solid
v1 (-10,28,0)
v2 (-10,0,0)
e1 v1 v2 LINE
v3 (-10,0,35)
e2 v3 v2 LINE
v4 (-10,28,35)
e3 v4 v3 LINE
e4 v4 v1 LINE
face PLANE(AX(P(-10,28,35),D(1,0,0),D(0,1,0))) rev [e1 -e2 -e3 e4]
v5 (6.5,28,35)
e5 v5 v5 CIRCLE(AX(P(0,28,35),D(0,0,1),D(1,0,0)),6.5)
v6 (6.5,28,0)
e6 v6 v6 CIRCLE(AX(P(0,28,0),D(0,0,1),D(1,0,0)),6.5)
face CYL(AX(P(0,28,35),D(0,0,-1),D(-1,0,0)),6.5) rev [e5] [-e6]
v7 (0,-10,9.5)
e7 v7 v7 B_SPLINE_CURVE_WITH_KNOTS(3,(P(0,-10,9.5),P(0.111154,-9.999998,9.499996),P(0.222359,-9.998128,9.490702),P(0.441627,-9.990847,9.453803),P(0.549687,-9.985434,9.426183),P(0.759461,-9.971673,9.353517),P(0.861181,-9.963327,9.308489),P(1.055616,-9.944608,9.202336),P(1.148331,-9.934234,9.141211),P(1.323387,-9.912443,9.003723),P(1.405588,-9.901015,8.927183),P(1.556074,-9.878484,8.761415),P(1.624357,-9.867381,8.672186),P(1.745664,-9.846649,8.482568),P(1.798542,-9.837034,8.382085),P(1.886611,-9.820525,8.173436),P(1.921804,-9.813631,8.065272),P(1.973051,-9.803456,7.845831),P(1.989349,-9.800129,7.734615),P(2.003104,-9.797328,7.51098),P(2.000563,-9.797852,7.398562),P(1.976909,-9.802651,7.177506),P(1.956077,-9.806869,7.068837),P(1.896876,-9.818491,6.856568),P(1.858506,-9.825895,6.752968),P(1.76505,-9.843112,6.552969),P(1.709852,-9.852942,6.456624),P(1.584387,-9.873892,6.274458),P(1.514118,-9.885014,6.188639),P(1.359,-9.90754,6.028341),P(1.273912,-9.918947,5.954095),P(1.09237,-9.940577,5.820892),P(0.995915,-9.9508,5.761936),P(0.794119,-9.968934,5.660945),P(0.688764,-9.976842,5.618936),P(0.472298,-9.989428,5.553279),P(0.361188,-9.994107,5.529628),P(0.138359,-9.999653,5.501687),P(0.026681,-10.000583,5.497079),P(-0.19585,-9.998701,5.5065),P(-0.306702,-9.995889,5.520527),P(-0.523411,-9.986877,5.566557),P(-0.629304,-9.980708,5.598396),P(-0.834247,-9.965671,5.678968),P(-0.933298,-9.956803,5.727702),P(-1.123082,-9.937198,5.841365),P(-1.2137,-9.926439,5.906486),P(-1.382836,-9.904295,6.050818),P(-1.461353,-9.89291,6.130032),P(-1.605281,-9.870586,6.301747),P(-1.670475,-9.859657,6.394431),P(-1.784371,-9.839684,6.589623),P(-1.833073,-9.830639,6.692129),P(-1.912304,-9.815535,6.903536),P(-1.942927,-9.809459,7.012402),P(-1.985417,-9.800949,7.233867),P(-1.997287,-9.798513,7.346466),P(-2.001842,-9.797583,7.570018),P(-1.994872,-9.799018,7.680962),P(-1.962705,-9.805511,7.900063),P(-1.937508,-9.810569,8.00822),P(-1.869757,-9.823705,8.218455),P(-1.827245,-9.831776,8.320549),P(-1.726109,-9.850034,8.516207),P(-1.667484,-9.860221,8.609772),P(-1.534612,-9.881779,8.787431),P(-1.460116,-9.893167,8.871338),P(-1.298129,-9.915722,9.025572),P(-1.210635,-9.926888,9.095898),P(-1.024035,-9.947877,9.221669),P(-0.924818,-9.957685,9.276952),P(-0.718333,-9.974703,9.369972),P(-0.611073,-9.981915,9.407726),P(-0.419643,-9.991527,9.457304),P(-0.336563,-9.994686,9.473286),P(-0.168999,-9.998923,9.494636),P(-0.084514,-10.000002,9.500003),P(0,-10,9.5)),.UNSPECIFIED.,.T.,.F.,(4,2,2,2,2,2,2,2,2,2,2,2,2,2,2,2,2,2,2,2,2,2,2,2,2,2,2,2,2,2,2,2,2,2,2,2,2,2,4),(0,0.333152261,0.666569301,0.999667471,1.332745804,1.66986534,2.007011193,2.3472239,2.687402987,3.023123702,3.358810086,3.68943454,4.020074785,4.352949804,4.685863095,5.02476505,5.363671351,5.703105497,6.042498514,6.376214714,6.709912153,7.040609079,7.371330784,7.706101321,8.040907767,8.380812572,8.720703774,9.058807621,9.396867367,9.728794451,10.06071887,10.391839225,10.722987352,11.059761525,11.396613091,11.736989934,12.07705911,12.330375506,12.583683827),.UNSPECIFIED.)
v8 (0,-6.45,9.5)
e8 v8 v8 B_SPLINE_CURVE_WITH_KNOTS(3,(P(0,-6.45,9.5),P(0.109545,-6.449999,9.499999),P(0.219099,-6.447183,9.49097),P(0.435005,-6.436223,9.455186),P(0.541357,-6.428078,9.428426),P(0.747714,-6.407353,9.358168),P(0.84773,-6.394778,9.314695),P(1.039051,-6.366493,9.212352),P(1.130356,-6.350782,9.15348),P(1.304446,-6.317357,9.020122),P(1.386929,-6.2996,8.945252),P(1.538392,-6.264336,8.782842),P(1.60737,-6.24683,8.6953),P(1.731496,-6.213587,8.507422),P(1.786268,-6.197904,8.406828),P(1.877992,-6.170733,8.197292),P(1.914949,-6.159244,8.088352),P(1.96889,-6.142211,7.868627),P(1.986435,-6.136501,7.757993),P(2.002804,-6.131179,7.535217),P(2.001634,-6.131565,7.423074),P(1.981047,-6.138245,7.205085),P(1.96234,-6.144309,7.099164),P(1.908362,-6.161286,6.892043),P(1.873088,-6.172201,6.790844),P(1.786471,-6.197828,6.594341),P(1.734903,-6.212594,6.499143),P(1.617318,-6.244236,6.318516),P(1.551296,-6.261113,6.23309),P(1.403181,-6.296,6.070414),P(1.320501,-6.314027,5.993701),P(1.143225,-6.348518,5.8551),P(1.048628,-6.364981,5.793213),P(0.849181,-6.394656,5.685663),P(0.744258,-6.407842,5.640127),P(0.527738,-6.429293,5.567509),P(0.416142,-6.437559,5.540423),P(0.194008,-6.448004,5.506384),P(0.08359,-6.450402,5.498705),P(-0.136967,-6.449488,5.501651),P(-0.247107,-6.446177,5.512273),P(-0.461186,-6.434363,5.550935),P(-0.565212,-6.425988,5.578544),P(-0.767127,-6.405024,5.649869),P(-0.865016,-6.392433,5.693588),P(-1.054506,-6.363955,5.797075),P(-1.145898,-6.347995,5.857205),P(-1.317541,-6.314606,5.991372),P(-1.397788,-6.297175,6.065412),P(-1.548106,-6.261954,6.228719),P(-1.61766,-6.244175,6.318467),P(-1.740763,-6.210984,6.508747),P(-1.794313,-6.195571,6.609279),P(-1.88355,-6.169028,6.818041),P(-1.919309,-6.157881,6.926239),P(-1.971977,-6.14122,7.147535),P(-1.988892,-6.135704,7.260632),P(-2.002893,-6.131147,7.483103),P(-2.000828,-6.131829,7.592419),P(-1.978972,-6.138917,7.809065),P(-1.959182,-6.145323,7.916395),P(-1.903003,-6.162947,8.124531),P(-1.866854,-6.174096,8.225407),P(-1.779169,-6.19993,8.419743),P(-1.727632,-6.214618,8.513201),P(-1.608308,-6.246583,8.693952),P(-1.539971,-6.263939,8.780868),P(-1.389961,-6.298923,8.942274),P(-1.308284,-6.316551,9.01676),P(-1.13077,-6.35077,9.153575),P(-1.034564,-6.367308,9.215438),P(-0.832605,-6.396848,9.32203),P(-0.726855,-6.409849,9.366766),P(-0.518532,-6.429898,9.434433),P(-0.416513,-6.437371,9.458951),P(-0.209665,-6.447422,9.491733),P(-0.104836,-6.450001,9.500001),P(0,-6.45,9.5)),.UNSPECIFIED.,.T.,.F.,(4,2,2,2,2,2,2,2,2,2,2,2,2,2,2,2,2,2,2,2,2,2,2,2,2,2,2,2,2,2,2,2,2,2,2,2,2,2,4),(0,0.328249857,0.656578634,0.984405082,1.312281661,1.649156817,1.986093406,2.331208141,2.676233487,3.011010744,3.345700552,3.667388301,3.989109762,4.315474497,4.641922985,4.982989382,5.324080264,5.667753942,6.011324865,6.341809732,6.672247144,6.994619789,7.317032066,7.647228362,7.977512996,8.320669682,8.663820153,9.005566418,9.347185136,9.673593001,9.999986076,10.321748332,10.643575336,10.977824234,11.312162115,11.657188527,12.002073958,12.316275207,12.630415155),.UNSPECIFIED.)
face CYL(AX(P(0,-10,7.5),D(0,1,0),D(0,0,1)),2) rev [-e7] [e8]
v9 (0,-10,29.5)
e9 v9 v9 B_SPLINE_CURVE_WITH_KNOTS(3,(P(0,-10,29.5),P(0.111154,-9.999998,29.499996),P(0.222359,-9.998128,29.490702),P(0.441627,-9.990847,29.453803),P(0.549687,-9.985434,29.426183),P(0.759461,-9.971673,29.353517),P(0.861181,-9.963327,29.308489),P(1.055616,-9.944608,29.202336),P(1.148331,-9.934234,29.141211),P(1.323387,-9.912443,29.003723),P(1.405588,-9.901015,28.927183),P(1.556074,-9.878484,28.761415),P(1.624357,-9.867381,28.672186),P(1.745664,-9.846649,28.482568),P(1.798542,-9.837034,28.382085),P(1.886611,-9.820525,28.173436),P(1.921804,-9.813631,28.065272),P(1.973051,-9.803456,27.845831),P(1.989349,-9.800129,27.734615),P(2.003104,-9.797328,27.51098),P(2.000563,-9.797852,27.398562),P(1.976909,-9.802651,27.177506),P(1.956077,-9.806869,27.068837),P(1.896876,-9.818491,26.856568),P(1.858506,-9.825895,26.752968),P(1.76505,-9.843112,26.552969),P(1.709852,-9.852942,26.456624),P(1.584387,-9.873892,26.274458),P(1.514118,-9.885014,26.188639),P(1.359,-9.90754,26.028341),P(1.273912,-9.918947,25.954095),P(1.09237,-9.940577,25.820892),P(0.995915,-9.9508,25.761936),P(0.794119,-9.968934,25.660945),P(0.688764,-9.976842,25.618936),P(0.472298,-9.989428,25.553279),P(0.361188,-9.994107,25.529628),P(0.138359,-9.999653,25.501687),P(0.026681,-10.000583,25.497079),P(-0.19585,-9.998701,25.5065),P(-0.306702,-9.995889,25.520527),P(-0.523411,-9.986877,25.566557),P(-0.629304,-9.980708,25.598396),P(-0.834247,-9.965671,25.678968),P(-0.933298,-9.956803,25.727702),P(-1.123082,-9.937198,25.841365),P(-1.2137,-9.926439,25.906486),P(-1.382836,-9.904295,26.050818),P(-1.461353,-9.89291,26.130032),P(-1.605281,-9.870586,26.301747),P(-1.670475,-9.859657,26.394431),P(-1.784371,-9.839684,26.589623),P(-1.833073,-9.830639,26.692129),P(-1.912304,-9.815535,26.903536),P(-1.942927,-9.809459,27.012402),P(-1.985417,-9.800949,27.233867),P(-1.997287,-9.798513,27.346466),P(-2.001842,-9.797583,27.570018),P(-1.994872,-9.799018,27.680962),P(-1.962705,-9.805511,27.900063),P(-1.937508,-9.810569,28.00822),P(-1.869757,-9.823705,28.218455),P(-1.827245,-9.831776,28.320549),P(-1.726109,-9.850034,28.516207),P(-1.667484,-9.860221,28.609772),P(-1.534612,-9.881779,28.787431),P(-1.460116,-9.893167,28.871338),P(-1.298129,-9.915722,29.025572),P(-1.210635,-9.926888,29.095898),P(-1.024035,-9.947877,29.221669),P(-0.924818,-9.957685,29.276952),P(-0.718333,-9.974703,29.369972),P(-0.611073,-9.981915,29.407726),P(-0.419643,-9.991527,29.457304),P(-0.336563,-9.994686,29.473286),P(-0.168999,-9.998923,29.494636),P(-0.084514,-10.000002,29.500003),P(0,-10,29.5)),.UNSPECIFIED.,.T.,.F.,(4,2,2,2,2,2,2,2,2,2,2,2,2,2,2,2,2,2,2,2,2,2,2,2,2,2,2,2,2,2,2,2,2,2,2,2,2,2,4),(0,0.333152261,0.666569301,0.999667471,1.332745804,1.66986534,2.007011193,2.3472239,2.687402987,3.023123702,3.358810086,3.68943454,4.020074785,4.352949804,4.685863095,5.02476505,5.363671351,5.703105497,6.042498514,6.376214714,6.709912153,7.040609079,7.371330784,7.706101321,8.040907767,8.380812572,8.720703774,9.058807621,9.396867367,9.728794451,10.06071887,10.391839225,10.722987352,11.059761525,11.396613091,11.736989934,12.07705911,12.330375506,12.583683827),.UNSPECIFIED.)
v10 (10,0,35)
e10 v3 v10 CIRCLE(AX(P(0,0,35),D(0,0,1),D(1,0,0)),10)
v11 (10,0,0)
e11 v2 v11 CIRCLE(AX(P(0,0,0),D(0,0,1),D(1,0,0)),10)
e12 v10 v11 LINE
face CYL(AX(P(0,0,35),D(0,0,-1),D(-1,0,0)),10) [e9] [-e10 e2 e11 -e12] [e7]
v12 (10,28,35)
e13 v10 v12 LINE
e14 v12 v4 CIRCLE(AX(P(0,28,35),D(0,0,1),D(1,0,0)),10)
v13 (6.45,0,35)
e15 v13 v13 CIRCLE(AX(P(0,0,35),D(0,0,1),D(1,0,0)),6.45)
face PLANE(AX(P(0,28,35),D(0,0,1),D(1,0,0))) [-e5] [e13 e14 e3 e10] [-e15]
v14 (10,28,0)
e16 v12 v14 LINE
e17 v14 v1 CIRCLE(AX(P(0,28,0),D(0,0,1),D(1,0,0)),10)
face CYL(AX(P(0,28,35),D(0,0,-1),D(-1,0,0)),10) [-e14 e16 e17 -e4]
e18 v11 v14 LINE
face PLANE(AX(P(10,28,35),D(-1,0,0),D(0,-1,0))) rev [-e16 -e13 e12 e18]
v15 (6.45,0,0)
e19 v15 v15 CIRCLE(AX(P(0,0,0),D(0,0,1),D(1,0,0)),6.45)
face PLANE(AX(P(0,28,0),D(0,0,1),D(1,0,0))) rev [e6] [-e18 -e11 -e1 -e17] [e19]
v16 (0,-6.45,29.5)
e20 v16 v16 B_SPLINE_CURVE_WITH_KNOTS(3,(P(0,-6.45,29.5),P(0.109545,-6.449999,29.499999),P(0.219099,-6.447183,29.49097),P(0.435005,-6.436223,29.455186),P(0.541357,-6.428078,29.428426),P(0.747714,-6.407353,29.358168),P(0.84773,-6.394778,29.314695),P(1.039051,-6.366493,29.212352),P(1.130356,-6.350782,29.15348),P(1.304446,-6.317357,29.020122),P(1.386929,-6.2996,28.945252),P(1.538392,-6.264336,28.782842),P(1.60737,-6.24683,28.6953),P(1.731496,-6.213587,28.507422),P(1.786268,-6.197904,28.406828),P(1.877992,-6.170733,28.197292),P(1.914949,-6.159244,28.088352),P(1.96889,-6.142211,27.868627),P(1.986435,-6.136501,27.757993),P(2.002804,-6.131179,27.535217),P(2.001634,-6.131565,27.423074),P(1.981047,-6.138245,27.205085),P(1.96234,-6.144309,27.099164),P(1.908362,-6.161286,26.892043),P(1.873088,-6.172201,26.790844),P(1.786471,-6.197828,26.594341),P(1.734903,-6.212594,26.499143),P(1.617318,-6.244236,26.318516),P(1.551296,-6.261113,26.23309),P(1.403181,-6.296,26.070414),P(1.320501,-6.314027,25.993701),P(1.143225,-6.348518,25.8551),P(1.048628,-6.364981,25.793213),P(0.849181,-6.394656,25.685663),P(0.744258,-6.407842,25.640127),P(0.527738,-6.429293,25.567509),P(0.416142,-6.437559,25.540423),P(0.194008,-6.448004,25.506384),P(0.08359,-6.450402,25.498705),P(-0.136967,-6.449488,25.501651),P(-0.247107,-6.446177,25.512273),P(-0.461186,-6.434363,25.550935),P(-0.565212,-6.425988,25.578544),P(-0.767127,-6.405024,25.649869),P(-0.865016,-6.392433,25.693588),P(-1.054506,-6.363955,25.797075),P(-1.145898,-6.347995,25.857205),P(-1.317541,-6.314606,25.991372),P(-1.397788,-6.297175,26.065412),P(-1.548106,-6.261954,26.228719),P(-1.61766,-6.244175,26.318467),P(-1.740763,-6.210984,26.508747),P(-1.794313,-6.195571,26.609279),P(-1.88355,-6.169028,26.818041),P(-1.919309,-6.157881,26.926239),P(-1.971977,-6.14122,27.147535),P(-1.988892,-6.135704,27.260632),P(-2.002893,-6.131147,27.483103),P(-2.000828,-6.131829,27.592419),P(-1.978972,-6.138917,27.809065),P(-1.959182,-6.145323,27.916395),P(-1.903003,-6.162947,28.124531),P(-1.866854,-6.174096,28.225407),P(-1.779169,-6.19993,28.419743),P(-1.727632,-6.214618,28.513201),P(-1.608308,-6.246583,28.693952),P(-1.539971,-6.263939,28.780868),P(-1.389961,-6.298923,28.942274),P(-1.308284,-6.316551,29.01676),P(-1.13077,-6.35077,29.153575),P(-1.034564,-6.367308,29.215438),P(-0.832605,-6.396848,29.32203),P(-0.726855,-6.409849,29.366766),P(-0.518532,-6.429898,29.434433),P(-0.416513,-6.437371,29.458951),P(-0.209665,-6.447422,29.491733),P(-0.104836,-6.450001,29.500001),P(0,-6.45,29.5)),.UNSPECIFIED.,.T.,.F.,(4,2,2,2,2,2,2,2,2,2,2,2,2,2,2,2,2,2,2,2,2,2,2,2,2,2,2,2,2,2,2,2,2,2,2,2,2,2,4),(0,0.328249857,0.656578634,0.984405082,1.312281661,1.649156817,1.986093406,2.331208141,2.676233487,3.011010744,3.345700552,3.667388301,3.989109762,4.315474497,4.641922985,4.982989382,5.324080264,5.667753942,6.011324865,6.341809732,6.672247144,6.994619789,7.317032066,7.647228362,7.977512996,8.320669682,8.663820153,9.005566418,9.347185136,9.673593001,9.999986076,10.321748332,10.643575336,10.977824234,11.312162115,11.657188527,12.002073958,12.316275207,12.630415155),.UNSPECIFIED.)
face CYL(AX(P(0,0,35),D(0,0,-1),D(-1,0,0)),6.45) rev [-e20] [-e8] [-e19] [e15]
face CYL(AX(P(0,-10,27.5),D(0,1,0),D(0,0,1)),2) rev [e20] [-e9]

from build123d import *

# Parameters (mm, degrees)
CROQUIS1_R              = 6.45
CROQUIS1_R_2            = 6.5
SALIENTE_EXTRUIR1_DEPTH = 35
CROQUIS2_R              = 2
CORTAR_EXTRUIR1_DEPTH   = 10


with BuildPart() as part:
    # Croquis1 → Saliente-Extruir1 (new body)
    with BuildSketch(Plane.XY):
        with BuildLine():
            Line((10, 28), (10, 0))
            ThreePointArc((10, 0), (0, -10), (-10, 0))
            Line((-10, 0), (-10, 28))
            ThreePointArc((-10, 28), (0, 38), (10, 28))
        make_face()
        Circle(CROQUIS1_R, mode=Mode.SUBTRACT)
        with Locations((0, 28)):
            Circle(CROQUIS1_R_2, mode=Mode.SUBTRACT)
    extrude(amount=SALIENTE_EXTRUIR1_DEPTH)

    # Croquis2 → Cortar-Extruir1 (cut)
    with BuildSketch(Plane(origin=(0, 0, 0), x_dir=(1, 0, 0), z_dir=(0, 1, 0))):
        with Locations(Location((0, -7.5, 0), (0, 0, 270))):
            Circle(CROQUIS2_R)
        with Locations(Location((0, -27.5, 0), (0, 0, 270))):
            Circle(CROQUIS2_R)
    extrude(amount=-CORTAR_EXTRUIR1_DEPTH, mode=Mode.SUBTRACT)


solid = part.part
